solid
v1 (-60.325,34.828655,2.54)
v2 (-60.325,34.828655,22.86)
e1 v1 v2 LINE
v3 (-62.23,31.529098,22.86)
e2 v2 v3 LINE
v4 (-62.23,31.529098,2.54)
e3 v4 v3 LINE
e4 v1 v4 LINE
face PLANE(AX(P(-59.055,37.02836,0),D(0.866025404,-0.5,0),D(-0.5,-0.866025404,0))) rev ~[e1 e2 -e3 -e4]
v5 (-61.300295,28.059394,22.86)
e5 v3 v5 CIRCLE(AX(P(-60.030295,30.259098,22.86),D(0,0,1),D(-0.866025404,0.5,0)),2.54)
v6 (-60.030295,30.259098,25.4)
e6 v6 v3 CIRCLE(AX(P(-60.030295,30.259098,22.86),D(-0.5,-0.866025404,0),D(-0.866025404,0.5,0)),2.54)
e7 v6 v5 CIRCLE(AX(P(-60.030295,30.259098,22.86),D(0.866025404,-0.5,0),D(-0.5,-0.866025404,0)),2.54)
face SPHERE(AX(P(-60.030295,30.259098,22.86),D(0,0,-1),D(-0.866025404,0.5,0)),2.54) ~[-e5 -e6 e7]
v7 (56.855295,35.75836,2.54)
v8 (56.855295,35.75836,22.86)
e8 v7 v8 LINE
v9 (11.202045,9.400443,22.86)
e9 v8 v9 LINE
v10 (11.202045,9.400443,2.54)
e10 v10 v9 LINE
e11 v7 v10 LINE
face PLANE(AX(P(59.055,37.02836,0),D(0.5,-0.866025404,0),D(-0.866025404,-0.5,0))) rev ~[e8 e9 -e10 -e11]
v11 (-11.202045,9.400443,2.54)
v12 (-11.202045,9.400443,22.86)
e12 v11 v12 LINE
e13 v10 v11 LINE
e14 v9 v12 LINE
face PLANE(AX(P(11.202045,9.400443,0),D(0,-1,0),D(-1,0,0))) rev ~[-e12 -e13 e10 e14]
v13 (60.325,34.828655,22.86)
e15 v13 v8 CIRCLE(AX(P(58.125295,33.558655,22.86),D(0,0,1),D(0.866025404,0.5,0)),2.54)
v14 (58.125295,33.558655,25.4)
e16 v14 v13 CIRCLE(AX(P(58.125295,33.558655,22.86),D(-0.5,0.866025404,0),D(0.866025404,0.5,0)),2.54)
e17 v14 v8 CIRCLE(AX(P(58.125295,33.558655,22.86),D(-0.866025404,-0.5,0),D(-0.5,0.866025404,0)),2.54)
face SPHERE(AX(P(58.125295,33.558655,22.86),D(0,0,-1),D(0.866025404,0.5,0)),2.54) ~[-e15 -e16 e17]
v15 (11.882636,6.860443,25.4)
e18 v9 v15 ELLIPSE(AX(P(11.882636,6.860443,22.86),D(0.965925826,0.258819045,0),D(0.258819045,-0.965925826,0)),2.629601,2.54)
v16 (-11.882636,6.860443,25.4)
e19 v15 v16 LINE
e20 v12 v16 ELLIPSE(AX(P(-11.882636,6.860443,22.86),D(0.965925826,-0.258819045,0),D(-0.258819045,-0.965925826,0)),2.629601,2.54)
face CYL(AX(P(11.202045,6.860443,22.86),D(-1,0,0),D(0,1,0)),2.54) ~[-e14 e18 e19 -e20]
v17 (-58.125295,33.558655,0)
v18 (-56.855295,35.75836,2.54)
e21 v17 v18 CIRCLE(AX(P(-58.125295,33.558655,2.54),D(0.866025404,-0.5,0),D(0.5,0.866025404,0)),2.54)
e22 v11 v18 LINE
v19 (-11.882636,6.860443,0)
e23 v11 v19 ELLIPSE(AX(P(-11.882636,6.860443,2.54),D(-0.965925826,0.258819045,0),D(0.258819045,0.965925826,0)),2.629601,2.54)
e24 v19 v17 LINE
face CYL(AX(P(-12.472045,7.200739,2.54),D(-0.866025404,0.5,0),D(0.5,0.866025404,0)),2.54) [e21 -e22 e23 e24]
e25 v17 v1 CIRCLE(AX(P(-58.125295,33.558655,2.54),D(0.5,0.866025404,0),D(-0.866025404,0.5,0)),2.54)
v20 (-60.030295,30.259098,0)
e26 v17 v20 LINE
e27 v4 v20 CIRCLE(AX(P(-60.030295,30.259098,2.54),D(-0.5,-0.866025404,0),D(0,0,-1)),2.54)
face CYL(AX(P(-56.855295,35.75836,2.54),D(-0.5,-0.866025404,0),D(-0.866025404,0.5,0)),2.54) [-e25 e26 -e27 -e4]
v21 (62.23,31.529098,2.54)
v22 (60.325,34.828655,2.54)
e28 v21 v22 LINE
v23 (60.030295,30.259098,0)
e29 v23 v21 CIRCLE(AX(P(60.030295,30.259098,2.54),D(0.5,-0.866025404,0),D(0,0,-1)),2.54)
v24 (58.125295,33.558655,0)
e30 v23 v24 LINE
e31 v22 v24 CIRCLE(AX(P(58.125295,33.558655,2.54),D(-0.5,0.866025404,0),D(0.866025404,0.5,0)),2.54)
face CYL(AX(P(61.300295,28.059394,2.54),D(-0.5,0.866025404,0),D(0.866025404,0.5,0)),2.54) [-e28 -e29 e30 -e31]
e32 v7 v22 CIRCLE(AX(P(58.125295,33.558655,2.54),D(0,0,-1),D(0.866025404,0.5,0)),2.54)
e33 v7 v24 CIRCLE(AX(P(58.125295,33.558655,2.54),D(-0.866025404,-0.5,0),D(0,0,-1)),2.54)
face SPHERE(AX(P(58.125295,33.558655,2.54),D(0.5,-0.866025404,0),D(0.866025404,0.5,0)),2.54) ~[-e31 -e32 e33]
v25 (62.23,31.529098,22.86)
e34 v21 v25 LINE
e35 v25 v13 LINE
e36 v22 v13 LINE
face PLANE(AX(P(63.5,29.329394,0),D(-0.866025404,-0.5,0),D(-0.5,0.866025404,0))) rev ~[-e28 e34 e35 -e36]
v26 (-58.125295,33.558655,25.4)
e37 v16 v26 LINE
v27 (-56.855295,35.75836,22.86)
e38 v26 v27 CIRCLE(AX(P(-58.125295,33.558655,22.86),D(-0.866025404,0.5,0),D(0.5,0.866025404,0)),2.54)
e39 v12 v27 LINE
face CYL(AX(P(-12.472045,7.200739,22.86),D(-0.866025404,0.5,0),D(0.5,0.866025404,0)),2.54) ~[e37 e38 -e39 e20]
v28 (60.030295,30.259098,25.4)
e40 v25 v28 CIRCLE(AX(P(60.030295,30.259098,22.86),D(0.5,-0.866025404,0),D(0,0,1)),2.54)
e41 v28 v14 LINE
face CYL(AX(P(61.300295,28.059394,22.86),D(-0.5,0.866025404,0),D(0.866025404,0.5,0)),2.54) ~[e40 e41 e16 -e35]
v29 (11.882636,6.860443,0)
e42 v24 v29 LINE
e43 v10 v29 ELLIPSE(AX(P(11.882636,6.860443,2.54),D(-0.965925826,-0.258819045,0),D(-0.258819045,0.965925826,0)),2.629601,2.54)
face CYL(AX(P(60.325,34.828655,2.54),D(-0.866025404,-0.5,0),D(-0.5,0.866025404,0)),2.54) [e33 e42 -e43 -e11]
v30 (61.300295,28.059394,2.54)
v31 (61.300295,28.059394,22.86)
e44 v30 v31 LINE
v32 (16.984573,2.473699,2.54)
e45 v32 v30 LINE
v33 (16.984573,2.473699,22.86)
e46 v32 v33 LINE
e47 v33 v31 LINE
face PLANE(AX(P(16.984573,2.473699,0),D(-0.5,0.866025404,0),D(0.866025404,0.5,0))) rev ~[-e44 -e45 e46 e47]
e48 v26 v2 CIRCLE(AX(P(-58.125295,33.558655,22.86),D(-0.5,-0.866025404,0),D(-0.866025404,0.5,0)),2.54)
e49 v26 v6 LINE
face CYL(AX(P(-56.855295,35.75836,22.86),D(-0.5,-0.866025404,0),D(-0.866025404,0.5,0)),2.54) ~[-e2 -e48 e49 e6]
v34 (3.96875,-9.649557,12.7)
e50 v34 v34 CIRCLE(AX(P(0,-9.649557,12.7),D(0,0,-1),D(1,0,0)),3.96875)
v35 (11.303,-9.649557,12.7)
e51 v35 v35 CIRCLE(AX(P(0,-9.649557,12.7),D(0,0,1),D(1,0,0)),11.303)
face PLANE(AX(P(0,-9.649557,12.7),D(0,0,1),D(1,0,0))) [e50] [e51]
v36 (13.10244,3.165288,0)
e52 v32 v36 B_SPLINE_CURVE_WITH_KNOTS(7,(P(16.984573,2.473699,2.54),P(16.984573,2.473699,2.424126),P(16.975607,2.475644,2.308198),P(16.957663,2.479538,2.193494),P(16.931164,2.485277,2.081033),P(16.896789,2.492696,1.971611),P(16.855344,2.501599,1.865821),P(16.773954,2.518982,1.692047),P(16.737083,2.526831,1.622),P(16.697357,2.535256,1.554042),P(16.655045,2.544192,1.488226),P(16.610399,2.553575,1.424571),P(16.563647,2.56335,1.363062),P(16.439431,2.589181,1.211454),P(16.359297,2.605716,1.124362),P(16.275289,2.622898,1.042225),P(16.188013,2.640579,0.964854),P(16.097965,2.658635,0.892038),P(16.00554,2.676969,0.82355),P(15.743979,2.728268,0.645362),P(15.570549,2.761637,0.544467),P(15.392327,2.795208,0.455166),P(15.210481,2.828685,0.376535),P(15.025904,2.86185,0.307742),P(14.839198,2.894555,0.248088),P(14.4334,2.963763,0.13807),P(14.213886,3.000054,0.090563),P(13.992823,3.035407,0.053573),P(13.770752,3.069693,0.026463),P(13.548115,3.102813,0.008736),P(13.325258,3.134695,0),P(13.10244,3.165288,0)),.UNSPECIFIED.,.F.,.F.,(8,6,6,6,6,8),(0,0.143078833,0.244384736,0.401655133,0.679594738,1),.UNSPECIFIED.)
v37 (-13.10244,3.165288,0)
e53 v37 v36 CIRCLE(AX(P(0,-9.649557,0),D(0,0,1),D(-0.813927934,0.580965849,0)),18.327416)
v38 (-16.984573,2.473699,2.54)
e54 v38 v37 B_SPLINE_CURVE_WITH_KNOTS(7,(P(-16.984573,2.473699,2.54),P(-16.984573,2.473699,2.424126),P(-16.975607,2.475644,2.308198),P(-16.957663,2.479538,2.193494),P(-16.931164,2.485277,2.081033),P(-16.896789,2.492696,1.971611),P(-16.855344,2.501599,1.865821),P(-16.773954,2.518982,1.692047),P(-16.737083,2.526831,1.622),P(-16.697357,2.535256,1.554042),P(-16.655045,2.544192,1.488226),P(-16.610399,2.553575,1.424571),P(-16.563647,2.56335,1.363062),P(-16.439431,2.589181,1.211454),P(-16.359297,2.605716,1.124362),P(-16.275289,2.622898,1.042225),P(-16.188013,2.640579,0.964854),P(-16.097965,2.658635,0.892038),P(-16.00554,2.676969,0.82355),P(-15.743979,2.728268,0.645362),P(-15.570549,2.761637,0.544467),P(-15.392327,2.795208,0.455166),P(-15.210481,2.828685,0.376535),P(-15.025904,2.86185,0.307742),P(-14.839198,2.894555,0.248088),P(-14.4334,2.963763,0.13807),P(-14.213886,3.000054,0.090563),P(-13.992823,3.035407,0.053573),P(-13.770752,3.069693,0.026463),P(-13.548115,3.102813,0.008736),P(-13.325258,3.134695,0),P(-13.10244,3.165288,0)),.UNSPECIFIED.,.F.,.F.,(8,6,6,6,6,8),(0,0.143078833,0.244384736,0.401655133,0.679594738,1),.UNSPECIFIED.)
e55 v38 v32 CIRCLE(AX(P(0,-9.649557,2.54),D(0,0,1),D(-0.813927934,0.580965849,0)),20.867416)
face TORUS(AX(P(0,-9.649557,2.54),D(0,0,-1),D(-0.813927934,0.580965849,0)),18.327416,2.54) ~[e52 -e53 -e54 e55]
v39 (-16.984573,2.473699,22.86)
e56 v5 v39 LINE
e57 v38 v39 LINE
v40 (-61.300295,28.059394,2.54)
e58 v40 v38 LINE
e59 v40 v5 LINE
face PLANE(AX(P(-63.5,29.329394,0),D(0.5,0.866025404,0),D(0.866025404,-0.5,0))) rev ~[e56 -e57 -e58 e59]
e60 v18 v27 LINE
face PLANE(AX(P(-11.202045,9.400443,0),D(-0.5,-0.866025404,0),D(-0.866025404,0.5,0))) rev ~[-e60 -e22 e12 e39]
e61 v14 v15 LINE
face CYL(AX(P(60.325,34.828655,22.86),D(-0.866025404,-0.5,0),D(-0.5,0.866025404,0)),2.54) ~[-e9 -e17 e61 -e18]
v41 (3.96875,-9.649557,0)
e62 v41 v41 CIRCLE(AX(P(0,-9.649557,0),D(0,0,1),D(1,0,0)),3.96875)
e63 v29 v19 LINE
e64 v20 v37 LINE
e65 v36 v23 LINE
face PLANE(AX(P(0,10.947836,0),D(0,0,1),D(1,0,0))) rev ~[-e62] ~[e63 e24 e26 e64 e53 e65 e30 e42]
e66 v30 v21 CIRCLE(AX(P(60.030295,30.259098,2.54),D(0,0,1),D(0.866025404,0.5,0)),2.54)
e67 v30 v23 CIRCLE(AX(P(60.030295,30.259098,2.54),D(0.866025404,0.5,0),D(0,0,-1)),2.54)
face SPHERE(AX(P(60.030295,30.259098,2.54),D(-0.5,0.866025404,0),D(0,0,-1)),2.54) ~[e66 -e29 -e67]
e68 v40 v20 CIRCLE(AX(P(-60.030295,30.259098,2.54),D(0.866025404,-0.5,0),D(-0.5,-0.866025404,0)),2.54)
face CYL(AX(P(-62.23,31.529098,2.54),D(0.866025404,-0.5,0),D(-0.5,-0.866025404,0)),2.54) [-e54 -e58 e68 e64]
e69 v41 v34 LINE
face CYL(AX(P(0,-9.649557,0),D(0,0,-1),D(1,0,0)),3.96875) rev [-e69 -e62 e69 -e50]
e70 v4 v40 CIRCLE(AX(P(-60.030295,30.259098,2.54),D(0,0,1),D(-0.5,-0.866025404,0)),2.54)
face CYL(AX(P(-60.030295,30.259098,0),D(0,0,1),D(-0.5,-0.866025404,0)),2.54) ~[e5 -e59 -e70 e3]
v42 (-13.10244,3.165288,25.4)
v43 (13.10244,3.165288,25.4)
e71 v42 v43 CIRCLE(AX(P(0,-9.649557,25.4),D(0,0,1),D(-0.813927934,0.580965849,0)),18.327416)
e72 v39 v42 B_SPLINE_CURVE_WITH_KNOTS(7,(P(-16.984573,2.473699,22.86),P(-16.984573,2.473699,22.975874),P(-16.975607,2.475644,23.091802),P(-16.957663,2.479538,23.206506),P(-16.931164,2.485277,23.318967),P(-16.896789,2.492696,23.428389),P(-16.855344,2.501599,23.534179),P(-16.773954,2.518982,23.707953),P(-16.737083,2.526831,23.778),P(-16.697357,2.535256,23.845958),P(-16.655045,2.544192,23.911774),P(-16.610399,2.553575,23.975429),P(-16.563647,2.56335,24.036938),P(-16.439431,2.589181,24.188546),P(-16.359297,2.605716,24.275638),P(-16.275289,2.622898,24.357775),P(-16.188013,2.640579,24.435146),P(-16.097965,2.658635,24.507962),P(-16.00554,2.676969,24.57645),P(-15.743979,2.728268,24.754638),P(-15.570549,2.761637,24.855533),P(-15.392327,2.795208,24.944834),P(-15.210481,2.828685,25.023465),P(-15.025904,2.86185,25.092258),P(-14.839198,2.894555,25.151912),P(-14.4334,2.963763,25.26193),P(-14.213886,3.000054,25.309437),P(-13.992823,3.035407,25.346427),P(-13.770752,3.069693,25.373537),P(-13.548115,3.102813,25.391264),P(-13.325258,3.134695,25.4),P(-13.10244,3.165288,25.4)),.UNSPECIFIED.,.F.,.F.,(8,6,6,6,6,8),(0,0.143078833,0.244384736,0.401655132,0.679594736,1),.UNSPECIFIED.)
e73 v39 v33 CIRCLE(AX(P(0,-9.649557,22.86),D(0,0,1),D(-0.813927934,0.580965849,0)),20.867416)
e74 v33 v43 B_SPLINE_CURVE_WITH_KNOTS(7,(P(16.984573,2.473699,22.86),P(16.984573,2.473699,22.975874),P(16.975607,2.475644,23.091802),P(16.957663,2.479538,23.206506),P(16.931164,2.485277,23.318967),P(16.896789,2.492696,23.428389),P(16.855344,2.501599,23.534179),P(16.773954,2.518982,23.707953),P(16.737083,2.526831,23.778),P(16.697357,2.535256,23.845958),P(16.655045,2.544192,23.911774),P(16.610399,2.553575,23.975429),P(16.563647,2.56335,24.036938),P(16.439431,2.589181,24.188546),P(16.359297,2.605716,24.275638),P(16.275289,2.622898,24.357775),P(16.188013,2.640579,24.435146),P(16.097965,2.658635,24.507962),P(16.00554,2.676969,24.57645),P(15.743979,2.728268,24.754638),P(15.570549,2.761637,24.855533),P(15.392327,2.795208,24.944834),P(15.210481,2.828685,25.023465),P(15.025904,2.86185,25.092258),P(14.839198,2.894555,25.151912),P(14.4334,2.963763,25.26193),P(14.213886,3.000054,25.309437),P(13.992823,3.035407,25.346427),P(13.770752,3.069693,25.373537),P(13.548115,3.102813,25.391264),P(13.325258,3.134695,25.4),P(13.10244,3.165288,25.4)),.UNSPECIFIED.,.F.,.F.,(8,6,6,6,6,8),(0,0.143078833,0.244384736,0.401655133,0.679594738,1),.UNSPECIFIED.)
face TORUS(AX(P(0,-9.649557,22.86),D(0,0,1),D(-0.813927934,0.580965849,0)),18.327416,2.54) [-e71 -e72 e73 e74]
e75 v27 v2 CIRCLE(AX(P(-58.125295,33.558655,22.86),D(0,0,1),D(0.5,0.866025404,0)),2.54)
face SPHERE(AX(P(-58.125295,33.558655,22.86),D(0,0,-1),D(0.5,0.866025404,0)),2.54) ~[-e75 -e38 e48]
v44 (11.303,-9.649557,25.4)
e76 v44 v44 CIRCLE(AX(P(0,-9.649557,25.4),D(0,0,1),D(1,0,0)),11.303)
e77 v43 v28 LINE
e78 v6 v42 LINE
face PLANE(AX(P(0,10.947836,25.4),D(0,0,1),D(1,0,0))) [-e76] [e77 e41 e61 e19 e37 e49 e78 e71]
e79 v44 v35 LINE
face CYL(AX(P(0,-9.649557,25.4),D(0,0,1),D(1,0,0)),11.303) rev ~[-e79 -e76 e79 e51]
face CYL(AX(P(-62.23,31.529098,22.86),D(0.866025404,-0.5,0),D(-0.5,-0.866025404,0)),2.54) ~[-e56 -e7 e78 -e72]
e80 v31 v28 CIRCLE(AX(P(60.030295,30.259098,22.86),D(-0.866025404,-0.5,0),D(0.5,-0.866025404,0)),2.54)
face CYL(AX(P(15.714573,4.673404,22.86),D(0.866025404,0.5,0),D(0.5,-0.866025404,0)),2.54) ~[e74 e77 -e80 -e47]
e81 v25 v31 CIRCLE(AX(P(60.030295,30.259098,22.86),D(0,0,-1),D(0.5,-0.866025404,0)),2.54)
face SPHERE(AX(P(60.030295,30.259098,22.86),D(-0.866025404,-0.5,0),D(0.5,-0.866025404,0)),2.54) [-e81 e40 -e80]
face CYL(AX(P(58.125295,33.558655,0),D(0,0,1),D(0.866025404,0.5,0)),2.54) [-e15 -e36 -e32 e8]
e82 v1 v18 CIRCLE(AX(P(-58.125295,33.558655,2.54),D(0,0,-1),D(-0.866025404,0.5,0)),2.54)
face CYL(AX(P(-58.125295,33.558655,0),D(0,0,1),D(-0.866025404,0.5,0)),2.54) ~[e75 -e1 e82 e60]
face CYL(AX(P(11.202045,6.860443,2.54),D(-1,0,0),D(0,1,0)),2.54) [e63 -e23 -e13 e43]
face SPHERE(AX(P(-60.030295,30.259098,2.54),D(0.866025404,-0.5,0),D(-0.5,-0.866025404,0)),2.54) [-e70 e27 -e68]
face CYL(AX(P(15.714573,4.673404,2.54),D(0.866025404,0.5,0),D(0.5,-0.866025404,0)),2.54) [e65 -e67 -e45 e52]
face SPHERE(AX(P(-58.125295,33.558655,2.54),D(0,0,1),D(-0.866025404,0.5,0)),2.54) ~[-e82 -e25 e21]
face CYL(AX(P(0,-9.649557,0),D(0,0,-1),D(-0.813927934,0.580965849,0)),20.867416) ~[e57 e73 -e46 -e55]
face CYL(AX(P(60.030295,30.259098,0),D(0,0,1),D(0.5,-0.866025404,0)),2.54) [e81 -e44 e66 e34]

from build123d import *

# Parameters (mm, degrees)
SKETCH2_R           = 3.96875
BOSS_EXTRUDE1_DEPTH = 25.4
FILLET3_R           = 2.54
SKETCH3_R           = 11.303
CUT_EXTRUDE1_DEPTH  = 12.7


with BuildPart() as part:
    # Sketch2 → Boss-Extrude1 (new body)
    with BuildSketch(Plane.XY):
        with BuildLine():
            Line((16.984572795, 2.473699256), (63.5, 29.329393675))
            Line((63.5, 29.329393675), (59.055, 37.028359514))
            Line((59.055, 37.028359514), (11.202045256, 9.400443212))
            Line((11.202045256, 9.400443212), (-11.202045256, 9.400443212))
            Line((-11.202045256, 9.400443212), (-59.055, 37.028359514))
            Line((-59.055, 37.028359514), (-63.5, 29.329393675))
            Line((-63.5, 29.329393675), (-16.984572795, 2.473699256))
            ThreePointArc((-16.984572795, 2.473699256), (0, -30.51697278), (16.984572795, 2.473699256))
        make_face()
        with Locations((0, -9.649556788)):
            Circle(SKETCH2_R, mode=Mode.SUBTRACT)
    extrude(amount=BOSS_EXTRUDE1_DEPTH)

    # Fillet3
    fillet3_edges = [part.edges().sort_by_distance(p)[0] for p in [
        (61.2775, 33.178876595, 0),
        (40.242286397, 15.901546466, 0),
        (0, -30.51697278, 0),
        (-40.242286397, 15.901546466, 0),
        (40.242286397, 15.901546466, 25.4),
        (-63.5, 29.329393675, 12.7),
        (-59.055, 37.028359514, 12.7),
        (59.055, 37.028359514, 12.7),
        (63.5, 29.329393675, 12.7),
        (61.2775, 33.178876595, 25.4),
        (35.128522628, 23.214401363, 25.4),
        (0, 9.400443212, 25.4),
        (-35.128522628, 23.214401363, 25.4),
        (-61.2775, 33.178876595, 25.4),
        (-40.242286397, 15.901546466, 25.4),
        (-61.2775, 33.178876595, 0),
        (0, -30.51697278, 25.4),
        (-35.128522628, 23.214401363, 0),
        (0, 9.400443212, 0),
        (35.128522628, 23.214401363, 0),
    ]]
    fillet(fillet3_edges, radius=FILLET3_R)

    # Sketch3 → Cut-Extrude1 (cut)
    with BuildSketch(Plane.XY.offset(25.4)):
        with Locations((0, -9.649556788)):
            Circle(SKETCH3_R)
    extrude(amount=-CUT_EXTRUDE1_DEPTH, mode=Mode.SUBTRACT)


solid = part.part
